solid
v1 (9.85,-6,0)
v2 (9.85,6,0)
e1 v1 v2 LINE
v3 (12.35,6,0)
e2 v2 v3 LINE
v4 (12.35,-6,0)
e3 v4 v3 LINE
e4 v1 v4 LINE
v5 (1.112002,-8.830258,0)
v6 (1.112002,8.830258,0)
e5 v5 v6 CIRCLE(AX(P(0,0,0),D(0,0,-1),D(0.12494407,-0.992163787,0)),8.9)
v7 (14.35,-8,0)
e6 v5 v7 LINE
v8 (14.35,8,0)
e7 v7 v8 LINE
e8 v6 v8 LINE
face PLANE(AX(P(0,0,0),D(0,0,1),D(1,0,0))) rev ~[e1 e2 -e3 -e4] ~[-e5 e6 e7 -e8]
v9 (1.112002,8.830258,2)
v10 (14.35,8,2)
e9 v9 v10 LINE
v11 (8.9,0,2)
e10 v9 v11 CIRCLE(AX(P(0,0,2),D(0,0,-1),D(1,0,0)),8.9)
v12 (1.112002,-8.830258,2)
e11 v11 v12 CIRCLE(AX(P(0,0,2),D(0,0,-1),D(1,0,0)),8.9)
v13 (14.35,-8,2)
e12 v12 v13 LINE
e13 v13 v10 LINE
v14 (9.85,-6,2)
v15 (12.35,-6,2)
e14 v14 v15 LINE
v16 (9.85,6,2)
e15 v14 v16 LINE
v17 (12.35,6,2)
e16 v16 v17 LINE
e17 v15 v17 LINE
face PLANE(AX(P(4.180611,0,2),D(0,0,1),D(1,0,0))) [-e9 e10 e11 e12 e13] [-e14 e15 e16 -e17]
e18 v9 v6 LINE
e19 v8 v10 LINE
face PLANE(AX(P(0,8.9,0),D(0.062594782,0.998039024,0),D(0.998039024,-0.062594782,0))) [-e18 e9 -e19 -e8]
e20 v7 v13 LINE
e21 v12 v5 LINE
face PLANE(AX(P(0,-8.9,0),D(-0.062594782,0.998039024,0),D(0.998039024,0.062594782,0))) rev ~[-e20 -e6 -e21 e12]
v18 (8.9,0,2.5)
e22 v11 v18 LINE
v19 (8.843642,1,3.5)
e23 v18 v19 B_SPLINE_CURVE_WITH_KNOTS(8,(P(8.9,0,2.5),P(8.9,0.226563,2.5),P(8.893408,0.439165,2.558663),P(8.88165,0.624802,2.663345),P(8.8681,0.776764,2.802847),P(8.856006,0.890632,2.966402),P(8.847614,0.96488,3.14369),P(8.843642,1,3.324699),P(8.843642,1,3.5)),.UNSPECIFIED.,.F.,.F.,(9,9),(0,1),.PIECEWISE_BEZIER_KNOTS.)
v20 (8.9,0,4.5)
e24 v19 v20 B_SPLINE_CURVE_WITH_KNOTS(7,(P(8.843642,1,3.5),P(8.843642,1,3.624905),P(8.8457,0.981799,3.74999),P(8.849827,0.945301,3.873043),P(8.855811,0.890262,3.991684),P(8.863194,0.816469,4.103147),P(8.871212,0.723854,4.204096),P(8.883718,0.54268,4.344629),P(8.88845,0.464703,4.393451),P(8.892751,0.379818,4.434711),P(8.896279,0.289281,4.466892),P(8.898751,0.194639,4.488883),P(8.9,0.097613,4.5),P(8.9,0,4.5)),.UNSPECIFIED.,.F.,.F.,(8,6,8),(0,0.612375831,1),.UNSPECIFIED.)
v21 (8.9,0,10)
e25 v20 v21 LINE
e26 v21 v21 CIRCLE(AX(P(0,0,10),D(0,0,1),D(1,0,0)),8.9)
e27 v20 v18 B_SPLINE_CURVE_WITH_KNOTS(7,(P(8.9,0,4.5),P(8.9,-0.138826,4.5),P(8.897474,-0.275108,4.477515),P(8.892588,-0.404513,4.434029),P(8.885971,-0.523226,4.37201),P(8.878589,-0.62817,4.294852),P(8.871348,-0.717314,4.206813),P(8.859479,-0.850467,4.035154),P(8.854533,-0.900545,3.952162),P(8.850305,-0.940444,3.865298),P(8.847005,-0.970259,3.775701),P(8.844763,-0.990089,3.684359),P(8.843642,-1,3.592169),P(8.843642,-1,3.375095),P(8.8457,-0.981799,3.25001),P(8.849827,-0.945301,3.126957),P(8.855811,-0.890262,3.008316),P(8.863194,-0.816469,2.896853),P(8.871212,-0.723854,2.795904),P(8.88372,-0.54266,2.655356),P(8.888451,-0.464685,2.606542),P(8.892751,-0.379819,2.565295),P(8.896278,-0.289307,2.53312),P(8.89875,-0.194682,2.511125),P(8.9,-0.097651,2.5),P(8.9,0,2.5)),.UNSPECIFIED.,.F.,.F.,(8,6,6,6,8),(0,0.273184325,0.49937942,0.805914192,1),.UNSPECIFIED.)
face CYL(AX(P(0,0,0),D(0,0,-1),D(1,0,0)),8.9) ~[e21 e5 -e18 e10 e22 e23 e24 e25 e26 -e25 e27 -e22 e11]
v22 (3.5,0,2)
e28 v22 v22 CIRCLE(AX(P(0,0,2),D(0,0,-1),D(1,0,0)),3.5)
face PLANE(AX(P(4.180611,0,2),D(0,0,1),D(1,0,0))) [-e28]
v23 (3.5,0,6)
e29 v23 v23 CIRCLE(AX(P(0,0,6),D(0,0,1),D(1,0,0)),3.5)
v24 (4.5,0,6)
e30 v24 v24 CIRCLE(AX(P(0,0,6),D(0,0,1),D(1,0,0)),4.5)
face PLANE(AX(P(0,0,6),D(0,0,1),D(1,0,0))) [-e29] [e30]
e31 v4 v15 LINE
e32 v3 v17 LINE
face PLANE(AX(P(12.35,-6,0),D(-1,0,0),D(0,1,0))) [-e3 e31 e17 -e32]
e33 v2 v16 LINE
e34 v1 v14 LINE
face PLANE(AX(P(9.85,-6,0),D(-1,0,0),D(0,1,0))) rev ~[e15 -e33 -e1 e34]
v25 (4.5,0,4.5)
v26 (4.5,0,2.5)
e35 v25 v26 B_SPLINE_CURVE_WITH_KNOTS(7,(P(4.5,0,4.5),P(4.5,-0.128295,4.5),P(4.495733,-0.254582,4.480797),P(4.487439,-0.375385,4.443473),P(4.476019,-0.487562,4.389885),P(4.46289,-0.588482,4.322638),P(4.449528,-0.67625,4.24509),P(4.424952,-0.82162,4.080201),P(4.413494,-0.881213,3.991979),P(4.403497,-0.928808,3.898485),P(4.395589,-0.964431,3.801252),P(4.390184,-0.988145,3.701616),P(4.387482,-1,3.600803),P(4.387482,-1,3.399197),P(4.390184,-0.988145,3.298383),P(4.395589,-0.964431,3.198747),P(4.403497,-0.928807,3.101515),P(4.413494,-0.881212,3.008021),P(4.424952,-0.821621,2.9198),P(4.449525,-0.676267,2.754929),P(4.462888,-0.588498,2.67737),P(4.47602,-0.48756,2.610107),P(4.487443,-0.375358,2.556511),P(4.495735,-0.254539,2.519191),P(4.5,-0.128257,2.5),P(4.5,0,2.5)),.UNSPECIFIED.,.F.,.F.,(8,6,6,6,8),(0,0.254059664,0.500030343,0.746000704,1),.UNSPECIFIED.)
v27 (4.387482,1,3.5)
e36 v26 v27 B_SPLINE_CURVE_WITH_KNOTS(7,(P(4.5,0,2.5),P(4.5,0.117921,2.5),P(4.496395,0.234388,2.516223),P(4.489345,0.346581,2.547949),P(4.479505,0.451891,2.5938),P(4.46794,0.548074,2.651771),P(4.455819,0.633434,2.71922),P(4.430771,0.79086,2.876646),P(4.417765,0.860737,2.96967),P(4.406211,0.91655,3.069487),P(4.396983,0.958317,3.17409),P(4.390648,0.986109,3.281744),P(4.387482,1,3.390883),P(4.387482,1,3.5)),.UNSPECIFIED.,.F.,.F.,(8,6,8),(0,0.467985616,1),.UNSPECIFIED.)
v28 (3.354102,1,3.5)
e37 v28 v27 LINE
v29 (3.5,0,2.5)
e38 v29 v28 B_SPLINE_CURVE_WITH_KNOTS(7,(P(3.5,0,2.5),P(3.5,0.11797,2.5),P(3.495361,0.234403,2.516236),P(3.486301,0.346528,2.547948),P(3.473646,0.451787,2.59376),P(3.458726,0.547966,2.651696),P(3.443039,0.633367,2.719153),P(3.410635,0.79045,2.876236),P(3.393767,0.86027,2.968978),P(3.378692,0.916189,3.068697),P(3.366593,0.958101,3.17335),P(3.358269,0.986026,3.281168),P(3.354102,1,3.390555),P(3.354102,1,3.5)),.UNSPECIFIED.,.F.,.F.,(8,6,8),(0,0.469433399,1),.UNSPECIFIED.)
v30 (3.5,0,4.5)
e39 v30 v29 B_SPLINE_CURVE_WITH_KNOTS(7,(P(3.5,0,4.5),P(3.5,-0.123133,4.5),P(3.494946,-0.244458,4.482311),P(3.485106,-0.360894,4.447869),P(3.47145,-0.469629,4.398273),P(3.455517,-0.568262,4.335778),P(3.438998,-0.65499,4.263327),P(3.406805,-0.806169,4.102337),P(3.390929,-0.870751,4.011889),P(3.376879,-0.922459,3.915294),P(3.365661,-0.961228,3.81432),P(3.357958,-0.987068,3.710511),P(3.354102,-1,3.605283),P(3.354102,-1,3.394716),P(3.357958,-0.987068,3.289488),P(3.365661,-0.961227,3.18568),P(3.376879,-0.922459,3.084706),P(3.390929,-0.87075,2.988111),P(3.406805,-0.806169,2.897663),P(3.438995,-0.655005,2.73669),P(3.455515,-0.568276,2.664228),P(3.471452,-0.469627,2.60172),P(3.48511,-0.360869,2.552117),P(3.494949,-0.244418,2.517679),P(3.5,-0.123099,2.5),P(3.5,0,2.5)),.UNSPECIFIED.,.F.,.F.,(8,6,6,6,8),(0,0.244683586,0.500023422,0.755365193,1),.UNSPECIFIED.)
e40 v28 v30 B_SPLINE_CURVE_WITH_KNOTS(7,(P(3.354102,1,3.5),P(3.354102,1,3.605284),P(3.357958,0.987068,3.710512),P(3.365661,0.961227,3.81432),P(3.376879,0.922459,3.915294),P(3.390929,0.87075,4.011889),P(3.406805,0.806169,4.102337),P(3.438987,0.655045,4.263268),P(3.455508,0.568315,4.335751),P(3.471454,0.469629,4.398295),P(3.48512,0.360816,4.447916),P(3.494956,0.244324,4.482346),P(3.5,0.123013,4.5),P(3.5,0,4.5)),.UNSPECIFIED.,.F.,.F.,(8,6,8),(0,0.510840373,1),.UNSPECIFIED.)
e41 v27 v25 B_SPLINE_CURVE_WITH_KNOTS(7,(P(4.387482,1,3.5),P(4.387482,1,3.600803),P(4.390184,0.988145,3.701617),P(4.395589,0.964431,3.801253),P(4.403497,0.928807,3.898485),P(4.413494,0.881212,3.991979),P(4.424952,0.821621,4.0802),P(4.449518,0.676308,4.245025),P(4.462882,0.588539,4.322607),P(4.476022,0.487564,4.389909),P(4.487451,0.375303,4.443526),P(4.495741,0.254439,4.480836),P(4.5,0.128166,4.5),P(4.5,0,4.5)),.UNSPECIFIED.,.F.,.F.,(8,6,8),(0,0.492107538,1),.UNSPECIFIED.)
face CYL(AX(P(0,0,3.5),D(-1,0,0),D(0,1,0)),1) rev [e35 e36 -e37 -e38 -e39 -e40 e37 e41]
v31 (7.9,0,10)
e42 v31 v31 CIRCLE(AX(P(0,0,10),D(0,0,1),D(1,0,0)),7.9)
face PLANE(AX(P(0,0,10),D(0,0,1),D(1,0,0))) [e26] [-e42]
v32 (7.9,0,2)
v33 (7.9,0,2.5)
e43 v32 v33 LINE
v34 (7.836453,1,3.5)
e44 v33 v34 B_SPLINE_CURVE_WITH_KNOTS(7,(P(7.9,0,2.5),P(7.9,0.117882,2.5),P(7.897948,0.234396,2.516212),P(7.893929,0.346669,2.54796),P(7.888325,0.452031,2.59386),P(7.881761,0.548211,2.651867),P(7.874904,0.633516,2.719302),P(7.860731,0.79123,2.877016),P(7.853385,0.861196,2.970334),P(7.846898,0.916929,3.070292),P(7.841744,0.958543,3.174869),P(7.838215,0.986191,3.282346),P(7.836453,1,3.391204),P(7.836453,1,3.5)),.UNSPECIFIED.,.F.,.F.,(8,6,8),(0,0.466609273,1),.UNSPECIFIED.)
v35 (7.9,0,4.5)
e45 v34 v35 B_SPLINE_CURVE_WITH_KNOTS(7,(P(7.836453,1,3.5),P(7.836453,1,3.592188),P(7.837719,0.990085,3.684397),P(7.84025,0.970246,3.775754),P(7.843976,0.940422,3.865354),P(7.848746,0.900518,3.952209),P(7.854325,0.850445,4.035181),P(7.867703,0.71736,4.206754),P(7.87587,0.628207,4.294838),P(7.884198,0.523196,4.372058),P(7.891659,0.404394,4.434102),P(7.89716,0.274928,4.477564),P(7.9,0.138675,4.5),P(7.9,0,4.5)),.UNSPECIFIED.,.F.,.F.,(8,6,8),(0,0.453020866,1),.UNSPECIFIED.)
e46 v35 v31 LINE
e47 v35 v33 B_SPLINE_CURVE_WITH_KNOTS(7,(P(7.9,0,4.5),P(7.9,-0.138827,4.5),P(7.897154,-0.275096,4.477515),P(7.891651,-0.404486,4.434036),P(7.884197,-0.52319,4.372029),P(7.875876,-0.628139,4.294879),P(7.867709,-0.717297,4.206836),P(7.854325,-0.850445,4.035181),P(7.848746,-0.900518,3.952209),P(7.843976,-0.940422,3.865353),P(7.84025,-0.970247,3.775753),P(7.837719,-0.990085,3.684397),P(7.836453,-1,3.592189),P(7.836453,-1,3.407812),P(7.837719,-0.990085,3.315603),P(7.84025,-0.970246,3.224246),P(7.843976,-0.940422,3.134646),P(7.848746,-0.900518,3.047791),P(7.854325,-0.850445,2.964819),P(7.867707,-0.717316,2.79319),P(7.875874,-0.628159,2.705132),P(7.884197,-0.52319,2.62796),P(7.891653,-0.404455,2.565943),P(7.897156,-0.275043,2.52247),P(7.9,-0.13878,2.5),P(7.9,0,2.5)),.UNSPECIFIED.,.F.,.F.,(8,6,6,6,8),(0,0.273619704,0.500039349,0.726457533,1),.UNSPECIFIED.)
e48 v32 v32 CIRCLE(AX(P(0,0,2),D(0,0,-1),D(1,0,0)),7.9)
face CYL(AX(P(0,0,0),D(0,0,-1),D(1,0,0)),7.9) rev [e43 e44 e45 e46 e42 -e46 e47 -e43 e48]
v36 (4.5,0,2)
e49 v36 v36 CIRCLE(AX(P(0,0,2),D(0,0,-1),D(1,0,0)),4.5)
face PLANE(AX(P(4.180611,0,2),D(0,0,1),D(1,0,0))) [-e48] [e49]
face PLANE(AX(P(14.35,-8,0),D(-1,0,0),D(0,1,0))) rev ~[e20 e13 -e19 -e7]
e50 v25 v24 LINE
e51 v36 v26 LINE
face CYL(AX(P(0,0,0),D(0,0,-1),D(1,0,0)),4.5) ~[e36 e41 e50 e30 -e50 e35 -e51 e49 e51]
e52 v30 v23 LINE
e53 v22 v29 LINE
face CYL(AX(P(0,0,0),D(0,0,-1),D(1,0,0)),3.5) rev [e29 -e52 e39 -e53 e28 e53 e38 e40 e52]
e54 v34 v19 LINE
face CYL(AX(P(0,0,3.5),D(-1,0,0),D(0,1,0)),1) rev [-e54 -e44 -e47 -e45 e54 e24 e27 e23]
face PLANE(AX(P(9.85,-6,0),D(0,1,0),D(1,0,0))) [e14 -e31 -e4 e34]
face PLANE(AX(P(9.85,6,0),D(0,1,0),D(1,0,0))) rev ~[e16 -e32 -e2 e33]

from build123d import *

# Parameters (mm, degrees)
SKETCH001_R   = 8.9
SKETCH001_R_2 = 7.9
PAD001_DEPTH  = 10
SKETCH002_W   = 2.5
SKETCH002_H   = 12
PAD002_DEPTH  = 2
SKETCH003_R   = 4.5
SKETCH003_R_2 = 3.5
PAD003_DEPTH  = 6
SKETCH004_R   = 1
POCKET_DEPTH  = 14.351


with BuildPart() as part:
    # Sketch001 → Pad001 (new body)
    with BuildSketch(Plane.XY):
        Circle(SKETCH001_R)
        Circle(SKETCH001_R_2, mode=Mode.SUBTRACT)
    extrude(amount=PAD001_DEPTH)

    # Sketch002 → Pad002 (join)
    with BuildSketch(Plane.XY):
        with BuildLine():
            Line((14.35, -8), (14.35, 8))
            Line((0, 8.9), (14.35, 8))
            ThreePointArc((0, 8.9), (-8.9, 0), (0, -8.9))
            Line((0, -8.9), (14.35, -8))
        make_face()
        with Locations((11.1, 0)):
            Rectangle(SKETCH002_W, SKETCH002_H, mode=Mode.SUBTRACT)
    extrude(amount=PAD002_DEPTH)

    # Sketch003 → Pad003 (join)
    with BuildSketch(Plane.XY):
        Circle(SKETCH003_R)
        Circle(SKETCH003_R_2, mode=Mode.SUBTRACT)
    extrude(amount=PAD003_DEPTH)

    # Sketch004 → Pocket (cut, through all)
    with BuildSketch(Plane.YZ):
        with Locations((0, 3.5)):
            Circle(SKETCH004_R)
    extrude(amount=POCKET_DEPTH, mode=Mode.SUBTRACT)


solid = part.part
